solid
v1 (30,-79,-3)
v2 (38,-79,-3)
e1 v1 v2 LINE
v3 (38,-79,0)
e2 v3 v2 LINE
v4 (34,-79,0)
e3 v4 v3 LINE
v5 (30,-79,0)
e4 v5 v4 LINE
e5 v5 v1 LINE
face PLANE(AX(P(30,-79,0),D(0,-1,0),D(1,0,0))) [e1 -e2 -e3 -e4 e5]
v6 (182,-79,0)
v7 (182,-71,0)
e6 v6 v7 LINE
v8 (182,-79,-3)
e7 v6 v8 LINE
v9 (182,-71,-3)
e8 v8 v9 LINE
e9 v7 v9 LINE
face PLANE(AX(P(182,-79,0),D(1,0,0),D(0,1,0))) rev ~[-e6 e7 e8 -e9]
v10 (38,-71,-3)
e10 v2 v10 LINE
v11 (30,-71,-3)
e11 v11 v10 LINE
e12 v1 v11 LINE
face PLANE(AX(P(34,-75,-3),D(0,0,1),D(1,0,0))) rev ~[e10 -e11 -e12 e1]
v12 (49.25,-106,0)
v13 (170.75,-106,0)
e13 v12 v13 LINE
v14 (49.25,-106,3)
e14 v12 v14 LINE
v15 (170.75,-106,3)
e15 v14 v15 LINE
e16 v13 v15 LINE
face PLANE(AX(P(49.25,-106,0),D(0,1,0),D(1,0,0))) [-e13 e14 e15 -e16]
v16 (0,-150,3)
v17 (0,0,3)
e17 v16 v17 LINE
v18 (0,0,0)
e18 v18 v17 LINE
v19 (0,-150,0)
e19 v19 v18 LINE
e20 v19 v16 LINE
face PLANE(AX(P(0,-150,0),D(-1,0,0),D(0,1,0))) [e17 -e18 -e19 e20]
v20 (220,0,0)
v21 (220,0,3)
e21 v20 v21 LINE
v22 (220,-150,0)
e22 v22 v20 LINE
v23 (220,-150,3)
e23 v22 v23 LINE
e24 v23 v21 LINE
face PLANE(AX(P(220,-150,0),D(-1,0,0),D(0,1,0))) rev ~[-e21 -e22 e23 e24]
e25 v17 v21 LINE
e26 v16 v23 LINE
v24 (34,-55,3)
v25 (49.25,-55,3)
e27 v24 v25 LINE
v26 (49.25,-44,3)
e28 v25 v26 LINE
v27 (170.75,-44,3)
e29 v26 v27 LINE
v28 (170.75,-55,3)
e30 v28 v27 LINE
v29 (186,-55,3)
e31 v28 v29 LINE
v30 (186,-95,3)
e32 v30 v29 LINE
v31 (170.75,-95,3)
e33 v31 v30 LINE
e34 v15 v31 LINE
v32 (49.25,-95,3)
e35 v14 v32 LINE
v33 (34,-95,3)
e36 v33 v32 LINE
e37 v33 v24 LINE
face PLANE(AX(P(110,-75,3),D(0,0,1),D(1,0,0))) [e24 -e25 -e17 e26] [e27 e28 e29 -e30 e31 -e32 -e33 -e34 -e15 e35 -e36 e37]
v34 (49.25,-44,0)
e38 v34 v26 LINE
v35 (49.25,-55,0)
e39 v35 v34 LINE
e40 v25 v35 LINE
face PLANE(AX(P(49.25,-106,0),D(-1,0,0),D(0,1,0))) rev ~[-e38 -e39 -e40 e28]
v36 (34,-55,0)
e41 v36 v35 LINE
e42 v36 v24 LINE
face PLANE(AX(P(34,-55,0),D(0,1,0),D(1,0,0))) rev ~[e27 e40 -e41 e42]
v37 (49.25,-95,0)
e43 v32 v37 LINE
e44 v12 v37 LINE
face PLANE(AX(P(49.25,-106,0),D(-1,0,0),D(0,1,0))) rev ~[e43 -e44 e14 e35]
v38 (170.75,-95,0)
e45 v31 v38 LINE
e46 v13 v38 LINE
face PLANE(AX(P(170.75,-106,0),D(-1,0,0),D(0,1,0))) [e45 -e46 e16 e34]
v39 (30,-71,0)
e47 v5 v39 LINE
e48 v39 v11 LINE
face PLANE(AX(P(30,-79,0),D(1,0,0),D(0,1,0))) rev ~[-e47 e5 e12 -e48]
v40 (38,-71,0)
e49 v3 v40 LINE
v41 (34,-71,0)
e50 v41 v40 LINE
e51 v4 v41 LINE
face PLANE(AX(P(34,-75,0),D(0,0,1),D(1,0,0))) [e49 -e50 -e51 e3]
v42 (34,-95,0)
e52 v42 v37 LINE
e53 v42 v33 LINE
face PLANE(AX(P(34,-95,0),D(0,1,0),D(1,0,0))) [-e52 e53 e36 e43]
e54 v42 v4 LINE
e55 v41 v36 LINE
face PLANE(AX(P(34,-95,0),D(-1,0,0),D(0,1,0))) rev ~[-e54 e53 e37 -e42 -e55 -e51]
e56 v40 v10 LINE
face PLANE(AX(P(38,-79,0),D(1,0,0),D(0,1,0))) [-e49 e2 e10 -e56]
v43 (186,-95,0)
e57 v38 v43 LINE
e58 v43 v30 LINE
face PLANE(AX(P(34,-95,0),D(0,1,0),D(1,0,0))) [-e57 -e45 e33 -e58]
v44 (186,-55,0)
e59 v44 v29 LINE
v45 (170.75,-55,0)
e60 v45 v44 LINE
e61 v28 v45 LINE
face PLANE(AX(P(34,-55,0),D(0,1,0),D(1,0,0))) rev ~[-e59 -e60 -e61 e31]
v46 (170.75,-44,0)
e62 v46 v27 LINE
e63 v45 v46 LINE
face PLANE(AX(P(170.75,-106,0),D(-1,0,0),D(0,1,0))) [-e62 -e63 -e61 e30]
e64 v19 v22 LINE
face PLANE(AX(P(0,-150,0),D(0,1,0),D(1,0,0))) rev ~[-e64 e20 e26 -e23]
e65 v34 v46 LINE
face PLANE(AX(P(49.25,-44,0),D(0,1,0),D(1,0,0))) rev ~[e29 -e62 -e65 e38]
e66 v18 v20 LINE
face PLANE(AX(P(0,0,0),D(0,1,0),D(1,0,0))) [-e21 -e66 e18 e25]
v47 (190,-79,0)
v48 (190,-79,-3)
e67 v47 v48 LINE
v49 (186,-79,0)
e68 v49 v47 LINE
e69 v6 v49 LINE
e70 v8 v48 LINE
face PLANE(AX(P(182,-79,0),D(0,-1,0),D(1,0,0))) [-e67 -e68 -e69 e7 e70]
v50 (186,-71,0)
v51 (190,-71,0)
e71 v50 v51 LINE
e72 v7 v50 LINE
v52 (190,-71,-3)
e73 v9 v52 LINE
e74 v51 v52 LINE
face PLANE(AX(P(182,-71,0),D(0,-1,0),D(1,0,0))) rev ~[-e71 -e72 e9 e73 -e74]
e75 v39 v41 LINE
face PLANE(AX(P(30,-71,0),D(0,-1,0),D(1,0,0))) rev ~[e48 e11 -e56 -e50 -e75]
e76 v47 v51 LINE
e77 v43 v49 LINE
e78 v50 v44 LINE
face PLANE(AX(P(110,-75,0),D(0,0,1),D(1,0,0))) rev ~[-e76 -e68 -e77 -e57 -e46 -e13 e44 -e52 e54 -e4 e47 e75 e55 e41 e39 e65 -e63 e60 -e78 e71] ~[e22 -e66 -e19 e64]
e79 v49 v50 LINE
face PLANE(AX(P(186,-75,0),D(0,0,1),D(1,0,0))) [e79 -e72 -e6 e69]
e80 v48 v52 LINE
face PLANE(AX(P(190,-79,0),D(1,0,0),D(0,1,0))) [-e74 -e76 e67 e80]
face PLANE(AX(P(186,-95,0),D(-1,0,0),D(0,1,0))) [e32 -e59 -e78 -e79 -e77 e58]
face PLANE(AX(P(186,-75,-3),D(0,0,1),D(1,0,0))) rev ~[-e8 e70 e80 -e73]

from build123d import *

# Parameters (mm, degrees)
F2_W     = 220
F2_H     = 150
F2_W_2   = 121.5
F2_H_2   = 62
F3_DEPTH = 3
F1_W     = 152
F1_H     = 40
F4_DEPTH = 3
F5_W     = 8
F5_H     = 8
F7_DEPTH = 3
F6_W     = 8
F6_H     = 8
F8_DEPTH = 3


with BuildPart() as f3:
    # F2 (on face) → F3 (new body)
    with BuildSketch(Plane.XY):
        with Locations((110, -75)):
            Rectangle(F2_W, F2_H)
        with Locations((110, -75)):
            Rectangle(F2_W_2, F2_H_2, mode=Mode.SUBTRACT)
    extrude(amount=F3_DEPTH)

    # F1 (on face) → F4 (cut)
    with BuildSketch(Plane.XY):
        with Locations((110, -75)):
            Rectangle(F1_W, F1_H)
    extrude(amount=F4_DEPTH, mode=Mode.SUBTRACT)

    # F5 (on face) → F7 (join)
    with BuildSketch(Plane.XY):
        with Locations((34, -75)):
            Rectangle(F5_W, F5_H)
    extrude(amount=-F7_DEPTH)

    # F6 (on face) → F8 (join)
    with BuildSketch(Plane.XY):
        with Locations((186, -75)):
            Rectangle(F6_W, F6_H)
    extrude(amount=-F8_DEPTH)


solid = f3.part
